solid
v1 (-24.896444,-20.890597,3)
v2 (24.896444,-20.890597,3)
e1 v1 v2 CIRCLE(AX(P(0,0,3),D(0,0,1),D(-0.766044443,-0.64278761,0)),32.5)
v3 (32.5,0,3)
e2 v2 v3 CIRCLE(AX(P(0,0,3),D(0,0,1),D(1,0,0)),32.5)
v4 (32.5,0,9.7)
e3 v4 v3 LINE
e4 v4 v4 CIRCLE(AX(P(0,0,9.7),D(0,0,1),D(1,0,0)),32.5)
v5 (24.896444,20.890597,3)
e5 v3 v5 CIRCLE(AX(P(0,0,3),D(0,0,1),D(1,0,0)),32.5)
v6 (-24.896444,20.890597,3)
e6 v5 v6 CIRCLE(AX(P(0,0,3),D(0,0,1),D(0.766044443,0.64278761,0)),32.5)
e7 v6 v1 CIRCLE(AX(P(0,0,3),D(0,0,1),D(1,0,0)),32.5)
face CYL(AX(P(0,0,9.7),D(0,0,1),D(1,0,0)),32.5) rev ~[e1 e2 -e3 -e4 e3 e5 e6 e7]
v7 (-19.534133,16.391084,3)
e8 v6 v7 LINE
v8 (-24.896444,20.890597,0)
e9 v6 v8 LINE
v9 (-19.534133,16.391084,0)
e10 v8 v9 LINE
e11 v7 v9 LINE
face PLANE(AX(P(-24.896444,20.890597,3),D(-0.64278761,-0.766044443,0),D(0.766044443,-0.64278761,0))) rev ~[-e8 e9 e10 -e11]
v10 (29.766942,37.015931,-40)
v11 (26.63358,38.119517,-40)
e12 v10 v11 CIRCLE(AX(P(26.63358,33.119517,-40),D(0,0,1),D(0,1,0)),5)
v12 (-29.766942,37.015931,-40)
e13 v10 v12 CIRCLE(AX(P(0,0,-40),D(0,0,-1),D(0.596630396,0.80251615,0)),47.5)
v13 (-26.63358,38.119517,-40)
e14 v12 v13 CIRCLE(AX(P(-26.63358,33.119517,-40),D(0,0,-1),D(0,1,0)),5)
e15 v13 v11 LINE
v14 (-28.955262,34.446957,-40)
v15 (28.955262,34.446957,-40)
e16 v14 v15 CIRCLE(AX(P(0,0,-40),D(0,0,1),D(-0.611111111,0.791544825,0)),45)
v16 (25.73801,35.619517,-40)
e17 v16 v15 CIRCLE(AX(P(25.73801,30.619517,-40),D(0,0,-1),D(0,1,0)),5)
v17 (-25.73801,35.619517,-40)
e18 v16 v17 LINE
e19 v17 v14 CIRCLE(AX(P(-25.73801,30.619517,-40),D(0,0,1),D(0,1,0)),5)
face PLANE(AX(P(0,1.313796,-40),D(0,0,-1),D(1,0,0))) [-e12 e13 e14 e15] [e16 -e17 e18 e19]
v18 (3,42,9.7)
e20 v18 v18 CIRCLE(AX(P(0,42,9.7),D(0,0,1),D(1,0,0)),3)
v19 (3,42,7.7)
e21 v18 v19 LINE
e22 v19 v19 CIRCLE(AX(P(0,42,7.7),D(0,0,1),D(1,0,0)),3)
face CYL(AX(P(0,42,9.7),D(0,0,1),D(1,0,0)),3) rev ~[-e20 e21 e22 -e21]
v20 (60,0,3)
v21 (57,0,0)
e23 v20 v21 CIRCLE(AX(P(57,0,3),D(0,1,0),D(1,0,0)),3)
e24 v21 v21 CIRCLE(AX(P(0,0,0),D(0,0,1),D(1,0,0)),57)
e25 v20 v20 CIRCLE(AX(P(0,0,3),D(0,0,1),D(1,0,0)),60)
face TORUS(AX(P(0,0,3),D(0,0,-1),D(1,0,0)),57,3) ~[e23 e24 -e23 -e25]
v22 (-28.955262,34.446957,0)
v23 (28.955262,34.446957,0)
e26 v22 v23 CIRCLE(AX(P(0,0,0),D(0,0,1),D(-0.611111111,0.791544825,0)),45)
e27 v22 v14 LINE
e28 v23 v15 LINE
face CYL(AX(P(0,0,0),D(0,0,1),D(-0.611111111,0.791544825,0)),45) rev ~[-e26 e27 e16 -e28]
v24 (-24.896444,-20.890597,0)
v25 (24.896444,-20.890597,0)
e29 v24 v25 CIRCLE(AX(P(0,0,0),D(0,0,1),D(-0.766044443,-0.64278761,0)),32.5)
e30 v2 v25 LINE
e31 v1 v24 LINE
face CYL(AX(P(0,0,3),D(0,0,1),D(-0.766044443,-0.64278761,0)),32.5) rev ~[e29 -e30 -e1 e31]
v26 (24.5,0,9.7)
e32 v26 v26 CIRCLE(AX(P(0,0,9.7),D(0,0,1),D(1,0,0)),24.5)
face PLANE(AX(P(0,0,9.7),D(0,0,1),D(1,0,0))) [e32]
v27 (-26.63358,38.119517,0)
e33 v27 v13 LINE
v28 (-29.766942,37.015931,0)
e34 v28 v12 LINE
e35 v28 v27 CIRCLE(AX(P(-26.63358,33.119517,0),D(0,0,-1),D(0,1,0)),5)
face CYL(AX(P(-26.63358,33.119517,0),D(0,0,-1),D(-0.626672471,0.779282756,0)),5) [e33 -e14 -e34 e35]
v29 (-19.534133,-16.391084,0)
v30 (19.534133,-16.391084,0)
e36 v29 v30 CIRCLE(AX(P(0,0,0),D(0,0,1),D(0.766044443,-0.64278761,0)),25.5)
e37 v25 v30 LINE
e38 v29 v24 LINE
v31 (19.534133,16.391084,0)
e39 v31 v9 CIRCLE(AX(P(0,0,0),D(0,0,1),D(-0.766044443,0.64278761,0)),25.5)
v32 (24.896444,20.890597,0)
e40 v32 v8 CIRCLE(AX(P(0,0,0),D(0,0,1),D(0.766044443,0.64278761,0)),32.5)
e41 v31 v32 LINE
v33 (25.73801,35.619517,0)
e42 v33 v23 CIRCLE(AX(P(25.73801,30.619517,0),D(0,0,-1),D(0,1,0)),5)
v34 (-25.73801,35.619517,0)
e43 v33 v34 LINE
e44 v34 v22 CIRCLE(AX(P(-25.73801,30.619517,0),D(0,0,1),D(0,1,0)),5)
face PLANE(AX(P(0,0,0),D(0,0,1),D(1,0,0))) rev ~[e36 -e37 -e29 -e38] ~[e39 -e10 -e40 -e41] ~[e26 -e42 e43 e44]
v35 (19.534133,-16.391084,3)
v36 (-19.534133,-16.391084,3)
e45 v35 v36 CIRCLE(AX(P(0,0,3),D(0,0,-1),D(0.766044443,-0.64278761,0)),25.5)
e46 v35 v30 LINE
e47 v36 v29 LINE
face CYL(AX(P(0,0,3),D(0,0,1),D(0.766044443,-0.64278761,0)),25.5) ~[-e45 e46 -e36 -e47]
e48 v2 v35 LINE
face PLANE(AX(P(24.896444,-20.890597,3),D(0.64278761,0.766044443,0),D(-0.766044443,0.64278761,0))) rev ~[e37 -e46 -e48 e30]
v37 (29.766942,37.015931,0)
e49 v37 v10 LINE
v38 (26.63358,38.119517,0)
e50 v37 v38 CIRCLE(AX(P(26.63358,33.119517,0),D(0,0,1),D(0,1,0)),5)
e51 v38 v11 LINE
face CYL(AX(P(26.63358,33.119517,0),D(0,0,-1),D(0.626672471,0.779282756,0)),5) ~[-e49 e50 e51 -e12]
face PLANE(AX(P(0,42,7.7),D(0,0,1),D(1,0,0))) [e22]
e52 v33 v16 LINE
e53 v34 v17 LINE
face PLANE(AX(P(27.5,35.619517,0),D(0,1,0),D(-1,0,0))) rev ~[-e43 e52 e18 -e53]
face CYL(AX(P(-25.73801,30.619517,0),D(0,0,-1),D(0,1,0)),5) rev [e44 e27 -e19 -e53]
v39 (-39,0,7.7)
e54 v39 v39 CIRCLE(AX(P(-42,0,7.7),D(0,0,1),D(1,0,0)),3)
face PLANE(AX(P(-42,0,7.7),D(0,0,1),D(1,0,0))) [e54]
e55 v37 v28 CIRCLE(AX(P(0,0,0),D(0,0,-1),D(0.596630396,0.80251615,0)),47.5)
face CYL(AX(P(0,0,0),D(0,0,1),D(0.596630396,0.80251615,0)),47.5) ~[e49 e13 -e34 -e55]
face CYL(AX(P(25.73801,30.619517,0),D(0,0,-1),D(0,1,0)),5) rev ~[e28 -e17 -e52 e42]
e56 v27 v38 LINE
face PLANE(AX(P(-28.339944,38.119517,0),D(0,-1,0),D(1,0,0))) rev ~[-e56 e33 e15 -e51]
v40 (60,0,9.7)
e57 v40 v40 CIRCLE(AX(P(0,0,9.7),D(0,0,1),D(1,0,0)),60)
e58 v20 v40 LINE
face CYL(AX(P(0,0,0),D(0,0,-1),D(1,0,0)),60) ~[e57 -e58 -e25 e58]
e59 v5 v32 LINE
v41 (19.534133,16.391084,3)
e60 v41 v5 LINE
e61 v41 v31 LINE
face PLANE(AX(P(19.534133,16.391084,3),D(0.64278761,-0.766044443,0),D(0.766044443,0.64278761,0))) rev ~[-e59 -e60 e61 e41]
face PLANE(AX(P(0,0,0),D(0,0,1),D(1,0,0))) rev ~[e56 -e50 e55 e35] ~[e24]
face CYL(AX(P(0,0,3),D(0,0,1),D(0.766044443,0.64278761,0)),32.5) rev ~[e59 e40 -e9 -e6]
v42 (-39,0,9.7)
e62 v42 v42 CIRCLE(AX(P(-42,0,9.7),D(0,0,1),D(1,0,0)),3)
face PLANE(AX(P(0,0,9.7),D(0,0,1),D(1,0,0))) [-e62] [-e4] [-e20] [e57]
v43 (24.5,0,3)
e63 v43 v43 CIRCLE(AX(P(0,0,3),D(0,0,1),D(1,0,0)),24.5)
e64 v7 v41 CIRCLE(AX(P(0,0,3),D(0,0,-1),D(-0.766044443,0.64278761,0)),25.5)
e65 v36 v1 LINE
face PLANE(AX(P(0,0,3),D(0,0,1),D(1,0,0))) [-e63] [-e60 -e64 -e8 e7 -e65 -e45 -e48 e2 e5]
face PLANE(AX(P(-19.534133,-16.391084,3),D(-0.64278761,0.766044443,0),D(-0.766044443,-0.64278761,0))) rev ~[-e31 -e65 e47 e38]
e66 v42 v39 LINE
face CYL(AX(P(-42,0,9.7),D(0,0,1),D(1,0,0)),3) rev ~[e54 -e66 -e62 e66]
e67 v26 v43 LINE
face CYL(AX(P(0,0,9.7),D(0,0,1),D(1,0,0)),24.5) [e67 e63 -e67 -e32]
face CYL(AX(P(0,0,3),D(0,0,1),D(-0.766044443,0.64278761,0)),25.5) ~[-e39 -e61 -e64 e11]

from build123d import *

# Parameters (mm, degrees)
F0_R      = 60
F1_DEPTH  = 9.7
F2_R      = 32.5
F2_R_2    = 24.5
F3_DEPTH  = 6.7
F5_DEPTH  = 3.001
F7_R      = 3
F8_DEPTH  = 2
F10_DEPTH = 40
F11_R     = 3
F12_R     = 5


with BuildPart() as f1:
    # F0 (on Top) → F1 (new body)
    with BuildSketch(Plane.XY):
        Circle(F0_R)
    extrude(amount=F1_DEPTH)

    # F2 (on face) → F3 (cut)
    with BuildSketch(Plane.XY.offset(9.7)):
        Circle(F2_R)
        Circle(F2_R_2, mode=Mode.SUBTRACT)
    extrude(amount=-F3_DEPTH, mode=Mode.SUBTRACT)

    # F4 (on face) → F5 (cut, through all)
    with BuildSketch(Plane.XY.offset(3)):
        with BuildLine():
            Line((-19.5341332995, -16.391084047), (-24.8964444014, -20.8905973148))
            ThreePointArc((-24.8964444014, -20.8905973148), (0, -32.5), (24.8964444014, -20.8905973148))
            Line((24.8964444014, -20.8905973148), (19.5341332995, -16.391084047))
            ThreePointArc((19.5341332995, -16.391084047), (0, -25.5), (-19.5341332995, -16.391084047))
        make_face()
        with BuildLine():
            ThreePointArc((-19.5341332995, 16.391084047), (0, 25.5), (19.5341332995, 16.391084047))
            Line((19.5341332995, 16.391084047), (24.8964444014, 20.8905973148))
            ThreePointArc((24.8964444014, 20.8905973148), (0, 32.5), (-24.8964444014, 20.8905973148))
            Line((-24.8964444014, 20.8905973148), (-19.5341332995, 16.391084047))
        make_face()
    extrude(amount=-F5_DEPTH, mode=Mode.SUBTRACT)

    # F7 (on face) → F8 (cut)
    with BuildSketch(Plane.XY.offset(9.7)):
        with Locations((0, 42)):
            Circle(F7_R)
        with Locations((-42, 0)):
            Circle(F7_R)
    extrude(amount=-F8_DEPTH, mode=Mode.SUBTRACT)

    # F9 (on face) → F10 (join)
    with BuildSketch(Plane(origin=(0, 0, 0), x_dir=(1, 0, 0), z_dir=(0, 0, -1))):
        with BuildLine():
            Line((-28.3399437965, -38.1195171219), (28.3399437965, -38.1195171219))
            ThreePointArc((28.3399437965, -38.1195171219), (0, 47.5), (-28.3399437965, -38.1195171219))
        make_face()
        with BuildLine():
            ThreePointArc((-27.5, -35.6195171219), (0, 45), (27.5, -35.6195171219))
            Line((27.5, -35.6195171219), (-27.5, -35.6195171219))
        make_face(mode=Mode.SUBTRACT)
    extrude(amount=F10_DEPTH)

    # F11
    f11_edges = [f1.edges().sort_by_distance(p)[0] for p in [
        (-60, 0, 0),
    ]]
    fillet(f11_edges, radius=F11_R)

    # F12
    f12_edges = [f1.edges().sort_by_distance(p)[0] for p in [
        (27.5, 35.619517, -20),
        (-27.5, 35.619517, -20),
        (-28.339944, 38.119517, -20),
        (28.339944, 38.119517, -20),
    ]]
    fillet(f12_edges, radius=F12_R)


solid = f1.part
